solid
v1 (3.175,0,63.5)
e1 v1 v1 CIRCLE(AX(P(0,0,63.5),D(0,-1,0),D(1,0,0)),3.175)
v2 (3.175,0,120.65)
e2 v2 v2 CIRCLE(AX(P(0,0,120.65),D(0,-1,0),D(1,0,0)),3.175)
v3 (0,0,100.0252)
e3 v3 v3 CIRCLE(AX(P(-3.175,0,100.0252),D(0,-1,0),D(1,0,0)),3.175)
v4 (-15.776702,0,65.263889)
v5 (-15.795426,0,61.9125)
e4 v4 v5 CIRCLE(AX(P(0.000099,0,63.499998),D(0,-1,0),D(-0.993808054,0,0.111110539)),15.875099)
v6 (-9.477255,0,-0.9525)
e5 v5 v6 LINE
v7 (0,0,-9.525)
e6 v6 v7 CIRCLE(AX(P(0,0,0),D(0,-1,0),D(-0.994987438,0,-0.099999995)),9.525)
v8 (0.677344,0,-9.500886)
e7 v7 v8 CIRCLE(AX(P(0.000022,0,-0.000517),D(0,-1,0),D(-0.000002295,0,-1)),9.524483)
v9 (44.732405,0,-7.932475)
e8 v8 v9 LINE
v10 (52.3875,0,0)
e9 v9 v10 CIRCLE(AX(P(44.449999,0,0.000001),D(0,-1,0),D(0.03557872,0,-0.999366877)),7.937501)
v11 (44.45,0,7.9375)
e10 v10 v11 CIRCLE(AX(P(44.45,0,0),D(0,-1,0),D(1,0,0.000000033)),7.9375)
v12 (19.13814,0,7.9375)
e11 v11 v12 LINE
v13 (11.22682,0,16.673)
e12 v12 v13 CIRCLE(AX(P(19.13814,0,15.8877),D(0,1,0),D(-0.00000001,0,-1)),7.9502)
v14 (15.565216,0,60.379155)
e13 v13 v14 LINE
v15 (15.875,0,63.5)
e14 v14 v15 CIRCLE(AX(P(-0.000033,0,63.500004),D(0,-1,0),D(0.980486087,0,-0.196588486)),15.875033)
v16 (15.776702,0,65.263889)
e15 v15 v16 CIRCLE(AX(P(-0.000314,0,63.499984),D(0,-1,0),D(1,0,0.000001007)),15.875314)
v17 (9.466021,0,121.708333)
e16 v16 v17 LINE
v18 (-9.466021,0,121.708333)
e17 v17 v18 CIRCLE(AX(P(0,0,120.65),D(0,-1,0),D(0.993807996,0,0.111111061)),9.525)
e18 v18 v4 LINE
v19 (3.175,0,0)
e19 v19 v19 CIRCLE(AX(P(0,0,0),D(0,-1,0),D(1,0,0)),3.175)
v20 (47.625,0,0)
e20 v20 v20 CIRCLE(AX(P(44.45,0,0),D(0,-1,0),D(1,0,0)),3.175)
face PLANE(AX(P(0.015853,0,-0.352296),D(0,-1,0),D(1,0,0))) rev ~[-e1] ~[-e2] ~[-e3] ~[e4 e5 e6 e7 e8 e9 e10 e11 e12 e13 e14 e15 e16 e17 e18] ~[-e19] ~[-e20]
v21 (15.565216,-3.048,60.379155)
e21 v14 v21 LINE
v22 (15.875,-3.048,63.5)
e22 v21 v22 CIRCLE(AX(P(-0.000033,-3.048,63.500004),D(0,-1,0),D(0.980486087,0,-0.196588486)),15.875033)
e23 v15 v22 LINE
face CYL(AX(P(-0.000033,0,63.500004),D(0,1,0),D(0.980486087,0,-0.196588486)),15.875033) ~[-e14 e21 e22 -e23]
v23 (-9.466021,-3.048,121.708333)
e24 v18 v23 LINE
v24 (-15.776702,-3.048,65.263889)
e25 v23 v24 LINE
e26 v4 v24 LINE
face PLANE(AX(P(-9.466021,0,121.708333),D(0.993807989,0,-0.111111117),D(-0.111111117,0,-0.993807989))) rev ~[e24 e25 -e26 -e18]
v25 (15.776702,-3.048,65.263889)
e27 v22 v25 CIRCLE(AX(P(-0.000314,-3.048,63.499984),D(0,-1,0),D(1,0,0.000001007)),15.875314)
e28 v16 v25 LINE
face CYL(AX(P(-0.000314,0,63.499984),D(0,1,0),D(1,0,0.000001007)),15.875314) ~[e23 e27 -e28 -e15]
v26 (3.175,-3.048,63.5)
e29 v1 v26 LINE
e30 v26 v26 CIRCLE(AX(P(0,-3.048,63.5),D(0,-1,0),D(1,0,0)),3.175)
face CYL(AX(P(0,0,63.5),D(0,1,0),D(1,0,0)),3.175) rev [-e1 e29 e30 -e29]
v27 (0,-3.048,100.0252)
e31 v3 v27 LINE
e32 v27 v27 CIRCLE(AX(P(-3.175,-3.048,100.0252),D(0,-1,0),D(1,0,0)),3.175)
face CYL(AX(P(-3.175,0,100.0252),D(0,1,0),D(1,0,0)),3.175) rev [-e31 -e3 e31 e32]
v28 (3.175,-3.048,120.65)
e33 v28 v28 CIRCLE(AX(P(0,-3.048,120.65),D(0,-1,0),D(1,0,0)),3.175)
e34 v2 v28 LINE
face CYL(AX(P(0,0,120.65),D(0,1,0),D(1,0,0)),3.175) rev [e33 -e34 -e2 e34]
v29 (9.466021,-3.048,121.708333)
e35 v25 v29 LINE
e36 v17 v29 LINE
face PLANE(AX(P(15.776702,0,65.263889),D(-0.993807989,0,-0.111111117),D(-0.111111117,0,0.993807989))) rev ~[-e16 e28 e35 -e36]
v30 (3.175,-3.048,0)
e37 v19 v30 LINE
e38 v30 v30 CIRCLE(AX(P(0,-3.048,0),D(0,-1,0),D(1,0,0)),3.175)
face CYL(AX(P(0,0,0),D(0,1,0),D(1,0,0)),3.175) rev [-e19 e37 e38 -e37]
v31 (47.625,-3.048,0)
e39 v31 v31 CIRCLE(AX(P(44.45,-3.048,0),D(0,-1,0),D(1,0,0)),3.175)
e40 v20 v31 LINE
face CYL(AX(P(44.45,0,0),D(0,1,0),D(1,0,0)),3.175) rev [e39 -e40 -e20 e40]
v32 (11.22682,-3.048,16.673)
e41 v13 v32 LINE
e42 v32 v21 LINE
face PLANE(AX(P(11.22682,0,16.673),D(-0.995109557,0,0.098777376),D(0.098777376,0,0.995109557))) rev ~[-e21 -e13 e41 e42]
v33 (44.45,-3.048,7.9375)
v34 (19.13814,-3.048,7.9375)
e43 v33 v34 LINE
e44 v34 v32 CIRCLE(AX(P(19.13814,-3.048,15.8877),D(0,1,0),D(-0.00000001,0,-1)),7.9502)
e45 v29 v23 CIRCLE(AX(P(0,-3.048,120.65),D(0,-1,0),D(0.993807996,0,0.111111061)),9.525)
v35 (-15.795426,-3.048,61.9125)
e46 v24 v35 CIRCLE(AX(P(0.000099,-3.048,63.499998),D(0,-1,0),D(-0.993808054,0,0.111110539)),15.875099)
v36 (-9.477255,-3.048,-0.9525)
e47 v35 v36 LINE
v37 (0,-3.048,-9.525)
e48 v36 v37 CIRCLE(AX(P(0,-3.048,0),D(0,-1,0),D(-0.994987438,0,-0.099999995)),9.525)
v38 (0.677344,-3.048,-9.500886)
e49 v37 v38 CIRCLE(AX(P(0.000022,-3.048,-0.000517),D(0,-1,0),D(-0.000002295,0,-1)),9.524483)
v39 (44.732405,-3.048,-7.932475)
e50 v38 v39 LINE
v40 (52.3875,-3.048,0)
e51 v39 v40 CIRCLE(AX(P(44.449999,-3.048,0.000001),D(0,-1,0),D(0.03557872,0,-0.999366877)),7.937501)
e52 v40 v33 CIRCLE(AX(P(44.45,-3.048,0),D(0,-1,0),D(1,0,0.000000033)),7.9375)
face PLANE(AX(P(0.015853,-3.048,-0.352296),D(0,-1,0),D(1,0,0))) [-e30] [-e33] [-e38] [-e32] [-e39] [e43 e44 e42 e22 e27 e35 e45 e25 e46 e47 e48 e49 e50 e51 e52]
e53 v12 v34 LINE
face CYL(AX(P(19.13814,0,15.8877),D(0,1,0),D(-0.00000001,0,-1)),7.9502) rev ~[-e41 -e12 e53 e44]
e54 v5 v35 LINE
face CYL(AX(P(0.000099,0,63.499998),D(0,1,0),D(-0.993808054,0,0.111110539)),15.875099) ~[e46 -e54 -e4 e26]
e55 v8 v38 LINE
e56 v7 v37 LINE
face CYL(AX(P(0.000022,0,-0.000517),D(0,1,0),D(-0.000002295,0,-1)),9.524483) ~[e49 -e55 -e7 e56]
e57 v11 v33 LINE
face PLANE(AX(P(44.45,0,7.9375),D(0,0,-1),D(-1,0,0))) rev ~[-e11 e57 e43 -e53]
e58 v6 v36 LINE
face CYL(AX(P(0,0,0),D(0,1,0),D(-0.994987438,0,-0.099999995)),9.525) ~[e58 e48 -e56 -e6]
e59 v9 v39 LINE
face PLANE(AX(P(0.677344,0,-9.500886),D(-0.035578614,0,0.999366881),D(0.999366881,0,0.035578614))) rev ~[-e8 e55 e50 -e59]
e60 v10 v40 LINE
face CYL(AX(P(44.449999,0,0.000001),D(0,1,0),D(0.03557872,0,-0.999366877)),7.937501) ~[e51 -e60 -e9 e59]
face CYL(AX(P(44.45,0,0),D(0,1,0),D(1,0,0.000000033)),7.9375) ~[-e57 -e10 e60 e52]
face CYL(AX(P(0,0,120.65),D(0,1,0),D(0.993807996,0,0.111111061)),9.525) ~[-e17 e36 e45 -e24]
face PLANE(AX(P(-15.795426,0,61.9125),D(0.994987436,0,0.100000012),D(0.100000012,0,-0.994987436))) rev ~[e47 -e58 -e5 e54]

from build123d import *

# Parameters (mm, degrees)
F0_R     = 3.175
F1_DEPTH = 3.048


with BuildPart() as f1:
    # F0 (on Front) → F1 (new body)
    with BuildSketch(Plane.XZ):
        with BuildLine():
            ThreePointArc((0.677344, -9.500886), (6.970557, -6.491299), (9.525, 0))
            ThreePointArc((9.525, 0), (-0.476848, 9.513056), (-9.477255, -0.9525))
            ThreePointArc((-9.477255, -0.9525), (-6.389564, -7.063929), (0, -9.525))
            Line((0, -9.525), (0.677344, -9.500886))
        make_face()
        Circle(F0_R, mode=Mode.SUBTRACT)
        with BuildLine():
            ThreePointArc((-9.477255, -0.9525), (-0.476848, 9.513056), (9.525, 0))
            ThreePointArc((9.525, 0), (6.970557, -6.491299), (0.677344, -9.500886))
            Line((0.677344, -9.500886), (44.732405, -7.932475))
            ThreePointArc((44.732405, -7.932475), (36.513756, -0.141225), (44.45, 7.9375))
            Line((44.45, 7.9375), (19.13814, 7.9375))
            ThreePointArc((19.13814, 7.9375), (13.245391, 10.550923), (11.22682, 16.673))
            Line((11.22682, 16.673), (15.565216, 60.379155))
            ThreePointArc((15.565216, 60.379155), (-0.775265, 47.643942), (-15.795426, 61.9125))
            Line((-15.795426, 61.9125), (-9.477255, -0.9525))
        make_face()
        with BuildLine():
            ThreePointArc((0, -9.525), (0.338886, -9.51897), (0.677344, -9.500886))
            Line((0.677344, -9.500886), (0, -9.525))
        make_face()
        with BuildLine():
            ThreePointArc((-15.776702, 65.263889), (-15.874752, 63.58869), (-15.795426, 61.9125))
            ThreePointArc((-15.795426, 61.9125), (-0.775265, 47.643942), (15.565216, 60.379155))
            Line((15.565216, 60.379155), (15.875, 63.5))
            ThreePointArc((15.875, 63.5), (15.850406, 64.383313), (15.776702, 65.263889))
            ThreePointArc((15.776702, 65.263889), (0, 79.375), (-15.776702, 65.263889))
        make_face()
        with Locations((0, 63.5)):
            Circle(F0_R, mode=Mode.SUBTRACT)
        with BuildLine():
            ThreePointArc((44.45, 7.9375), (36.513756, -0.141225), (44.732405, -7.932475))
            ThreePointArc((44.732405, -7.932475), (50.161633, -5.51191), (52.3875, 0))
            ThreePointArc((52.3875, 0), (50.06266, 5.61266), (44.45, 7.9375))
        make_face()
        with Locations((44.45, 0)):
            Circle(F0_R, mode=Mode.SUBTRACT)
        with BuildLine():
            Line((-9.466021, 121.708333), (-15.776702, 65.263889))
            ThreePointArc((-15.776702, 65.263889), (0, 79.375), (15.776702, 65.263889))
            Line((15.776702, 65.263889), (9.466021, 121.708333))
            ThreePointArc((9.466021, 121.708333), (9.510244, 121.179988), (9.525, 120.65))
            ThreePointArc((9.525, 120.65), (-0.529988, 111.139756), (-9.466021, 121.708333))
        make_face()
        with Locations((-3.175, 100.0252)):
            Circle(F0_R, mode=Mode.SUBTRACT)
        with BuildLine():
            Line((15.875, 63.5), (15.565216, 60.379155))
            ThreePointArc((15.565216, 60.379155), (15.797364, 61.931909), (15.875, 63.5))
        make_face()
        with BuildLine():
            ThreePointArc((9.466021, 121.708333), (0, 130.175), (-9.466021, 121.708333))
            ThreePointArc((-9.466021, 121.708333), (-0.529988, 111.139756), (9.525, 120.65))
            ThreePointArc((9.525, 120.65), (9.510244, 121.179988), (9.466021, 121.708333))
        make_face()
        with Locations((0, 120.65)):
            Circle(F0_R, mode=Mode.SUBTRACT)
    extrude(amount=F1_DEPTH)


solid = f1.part
